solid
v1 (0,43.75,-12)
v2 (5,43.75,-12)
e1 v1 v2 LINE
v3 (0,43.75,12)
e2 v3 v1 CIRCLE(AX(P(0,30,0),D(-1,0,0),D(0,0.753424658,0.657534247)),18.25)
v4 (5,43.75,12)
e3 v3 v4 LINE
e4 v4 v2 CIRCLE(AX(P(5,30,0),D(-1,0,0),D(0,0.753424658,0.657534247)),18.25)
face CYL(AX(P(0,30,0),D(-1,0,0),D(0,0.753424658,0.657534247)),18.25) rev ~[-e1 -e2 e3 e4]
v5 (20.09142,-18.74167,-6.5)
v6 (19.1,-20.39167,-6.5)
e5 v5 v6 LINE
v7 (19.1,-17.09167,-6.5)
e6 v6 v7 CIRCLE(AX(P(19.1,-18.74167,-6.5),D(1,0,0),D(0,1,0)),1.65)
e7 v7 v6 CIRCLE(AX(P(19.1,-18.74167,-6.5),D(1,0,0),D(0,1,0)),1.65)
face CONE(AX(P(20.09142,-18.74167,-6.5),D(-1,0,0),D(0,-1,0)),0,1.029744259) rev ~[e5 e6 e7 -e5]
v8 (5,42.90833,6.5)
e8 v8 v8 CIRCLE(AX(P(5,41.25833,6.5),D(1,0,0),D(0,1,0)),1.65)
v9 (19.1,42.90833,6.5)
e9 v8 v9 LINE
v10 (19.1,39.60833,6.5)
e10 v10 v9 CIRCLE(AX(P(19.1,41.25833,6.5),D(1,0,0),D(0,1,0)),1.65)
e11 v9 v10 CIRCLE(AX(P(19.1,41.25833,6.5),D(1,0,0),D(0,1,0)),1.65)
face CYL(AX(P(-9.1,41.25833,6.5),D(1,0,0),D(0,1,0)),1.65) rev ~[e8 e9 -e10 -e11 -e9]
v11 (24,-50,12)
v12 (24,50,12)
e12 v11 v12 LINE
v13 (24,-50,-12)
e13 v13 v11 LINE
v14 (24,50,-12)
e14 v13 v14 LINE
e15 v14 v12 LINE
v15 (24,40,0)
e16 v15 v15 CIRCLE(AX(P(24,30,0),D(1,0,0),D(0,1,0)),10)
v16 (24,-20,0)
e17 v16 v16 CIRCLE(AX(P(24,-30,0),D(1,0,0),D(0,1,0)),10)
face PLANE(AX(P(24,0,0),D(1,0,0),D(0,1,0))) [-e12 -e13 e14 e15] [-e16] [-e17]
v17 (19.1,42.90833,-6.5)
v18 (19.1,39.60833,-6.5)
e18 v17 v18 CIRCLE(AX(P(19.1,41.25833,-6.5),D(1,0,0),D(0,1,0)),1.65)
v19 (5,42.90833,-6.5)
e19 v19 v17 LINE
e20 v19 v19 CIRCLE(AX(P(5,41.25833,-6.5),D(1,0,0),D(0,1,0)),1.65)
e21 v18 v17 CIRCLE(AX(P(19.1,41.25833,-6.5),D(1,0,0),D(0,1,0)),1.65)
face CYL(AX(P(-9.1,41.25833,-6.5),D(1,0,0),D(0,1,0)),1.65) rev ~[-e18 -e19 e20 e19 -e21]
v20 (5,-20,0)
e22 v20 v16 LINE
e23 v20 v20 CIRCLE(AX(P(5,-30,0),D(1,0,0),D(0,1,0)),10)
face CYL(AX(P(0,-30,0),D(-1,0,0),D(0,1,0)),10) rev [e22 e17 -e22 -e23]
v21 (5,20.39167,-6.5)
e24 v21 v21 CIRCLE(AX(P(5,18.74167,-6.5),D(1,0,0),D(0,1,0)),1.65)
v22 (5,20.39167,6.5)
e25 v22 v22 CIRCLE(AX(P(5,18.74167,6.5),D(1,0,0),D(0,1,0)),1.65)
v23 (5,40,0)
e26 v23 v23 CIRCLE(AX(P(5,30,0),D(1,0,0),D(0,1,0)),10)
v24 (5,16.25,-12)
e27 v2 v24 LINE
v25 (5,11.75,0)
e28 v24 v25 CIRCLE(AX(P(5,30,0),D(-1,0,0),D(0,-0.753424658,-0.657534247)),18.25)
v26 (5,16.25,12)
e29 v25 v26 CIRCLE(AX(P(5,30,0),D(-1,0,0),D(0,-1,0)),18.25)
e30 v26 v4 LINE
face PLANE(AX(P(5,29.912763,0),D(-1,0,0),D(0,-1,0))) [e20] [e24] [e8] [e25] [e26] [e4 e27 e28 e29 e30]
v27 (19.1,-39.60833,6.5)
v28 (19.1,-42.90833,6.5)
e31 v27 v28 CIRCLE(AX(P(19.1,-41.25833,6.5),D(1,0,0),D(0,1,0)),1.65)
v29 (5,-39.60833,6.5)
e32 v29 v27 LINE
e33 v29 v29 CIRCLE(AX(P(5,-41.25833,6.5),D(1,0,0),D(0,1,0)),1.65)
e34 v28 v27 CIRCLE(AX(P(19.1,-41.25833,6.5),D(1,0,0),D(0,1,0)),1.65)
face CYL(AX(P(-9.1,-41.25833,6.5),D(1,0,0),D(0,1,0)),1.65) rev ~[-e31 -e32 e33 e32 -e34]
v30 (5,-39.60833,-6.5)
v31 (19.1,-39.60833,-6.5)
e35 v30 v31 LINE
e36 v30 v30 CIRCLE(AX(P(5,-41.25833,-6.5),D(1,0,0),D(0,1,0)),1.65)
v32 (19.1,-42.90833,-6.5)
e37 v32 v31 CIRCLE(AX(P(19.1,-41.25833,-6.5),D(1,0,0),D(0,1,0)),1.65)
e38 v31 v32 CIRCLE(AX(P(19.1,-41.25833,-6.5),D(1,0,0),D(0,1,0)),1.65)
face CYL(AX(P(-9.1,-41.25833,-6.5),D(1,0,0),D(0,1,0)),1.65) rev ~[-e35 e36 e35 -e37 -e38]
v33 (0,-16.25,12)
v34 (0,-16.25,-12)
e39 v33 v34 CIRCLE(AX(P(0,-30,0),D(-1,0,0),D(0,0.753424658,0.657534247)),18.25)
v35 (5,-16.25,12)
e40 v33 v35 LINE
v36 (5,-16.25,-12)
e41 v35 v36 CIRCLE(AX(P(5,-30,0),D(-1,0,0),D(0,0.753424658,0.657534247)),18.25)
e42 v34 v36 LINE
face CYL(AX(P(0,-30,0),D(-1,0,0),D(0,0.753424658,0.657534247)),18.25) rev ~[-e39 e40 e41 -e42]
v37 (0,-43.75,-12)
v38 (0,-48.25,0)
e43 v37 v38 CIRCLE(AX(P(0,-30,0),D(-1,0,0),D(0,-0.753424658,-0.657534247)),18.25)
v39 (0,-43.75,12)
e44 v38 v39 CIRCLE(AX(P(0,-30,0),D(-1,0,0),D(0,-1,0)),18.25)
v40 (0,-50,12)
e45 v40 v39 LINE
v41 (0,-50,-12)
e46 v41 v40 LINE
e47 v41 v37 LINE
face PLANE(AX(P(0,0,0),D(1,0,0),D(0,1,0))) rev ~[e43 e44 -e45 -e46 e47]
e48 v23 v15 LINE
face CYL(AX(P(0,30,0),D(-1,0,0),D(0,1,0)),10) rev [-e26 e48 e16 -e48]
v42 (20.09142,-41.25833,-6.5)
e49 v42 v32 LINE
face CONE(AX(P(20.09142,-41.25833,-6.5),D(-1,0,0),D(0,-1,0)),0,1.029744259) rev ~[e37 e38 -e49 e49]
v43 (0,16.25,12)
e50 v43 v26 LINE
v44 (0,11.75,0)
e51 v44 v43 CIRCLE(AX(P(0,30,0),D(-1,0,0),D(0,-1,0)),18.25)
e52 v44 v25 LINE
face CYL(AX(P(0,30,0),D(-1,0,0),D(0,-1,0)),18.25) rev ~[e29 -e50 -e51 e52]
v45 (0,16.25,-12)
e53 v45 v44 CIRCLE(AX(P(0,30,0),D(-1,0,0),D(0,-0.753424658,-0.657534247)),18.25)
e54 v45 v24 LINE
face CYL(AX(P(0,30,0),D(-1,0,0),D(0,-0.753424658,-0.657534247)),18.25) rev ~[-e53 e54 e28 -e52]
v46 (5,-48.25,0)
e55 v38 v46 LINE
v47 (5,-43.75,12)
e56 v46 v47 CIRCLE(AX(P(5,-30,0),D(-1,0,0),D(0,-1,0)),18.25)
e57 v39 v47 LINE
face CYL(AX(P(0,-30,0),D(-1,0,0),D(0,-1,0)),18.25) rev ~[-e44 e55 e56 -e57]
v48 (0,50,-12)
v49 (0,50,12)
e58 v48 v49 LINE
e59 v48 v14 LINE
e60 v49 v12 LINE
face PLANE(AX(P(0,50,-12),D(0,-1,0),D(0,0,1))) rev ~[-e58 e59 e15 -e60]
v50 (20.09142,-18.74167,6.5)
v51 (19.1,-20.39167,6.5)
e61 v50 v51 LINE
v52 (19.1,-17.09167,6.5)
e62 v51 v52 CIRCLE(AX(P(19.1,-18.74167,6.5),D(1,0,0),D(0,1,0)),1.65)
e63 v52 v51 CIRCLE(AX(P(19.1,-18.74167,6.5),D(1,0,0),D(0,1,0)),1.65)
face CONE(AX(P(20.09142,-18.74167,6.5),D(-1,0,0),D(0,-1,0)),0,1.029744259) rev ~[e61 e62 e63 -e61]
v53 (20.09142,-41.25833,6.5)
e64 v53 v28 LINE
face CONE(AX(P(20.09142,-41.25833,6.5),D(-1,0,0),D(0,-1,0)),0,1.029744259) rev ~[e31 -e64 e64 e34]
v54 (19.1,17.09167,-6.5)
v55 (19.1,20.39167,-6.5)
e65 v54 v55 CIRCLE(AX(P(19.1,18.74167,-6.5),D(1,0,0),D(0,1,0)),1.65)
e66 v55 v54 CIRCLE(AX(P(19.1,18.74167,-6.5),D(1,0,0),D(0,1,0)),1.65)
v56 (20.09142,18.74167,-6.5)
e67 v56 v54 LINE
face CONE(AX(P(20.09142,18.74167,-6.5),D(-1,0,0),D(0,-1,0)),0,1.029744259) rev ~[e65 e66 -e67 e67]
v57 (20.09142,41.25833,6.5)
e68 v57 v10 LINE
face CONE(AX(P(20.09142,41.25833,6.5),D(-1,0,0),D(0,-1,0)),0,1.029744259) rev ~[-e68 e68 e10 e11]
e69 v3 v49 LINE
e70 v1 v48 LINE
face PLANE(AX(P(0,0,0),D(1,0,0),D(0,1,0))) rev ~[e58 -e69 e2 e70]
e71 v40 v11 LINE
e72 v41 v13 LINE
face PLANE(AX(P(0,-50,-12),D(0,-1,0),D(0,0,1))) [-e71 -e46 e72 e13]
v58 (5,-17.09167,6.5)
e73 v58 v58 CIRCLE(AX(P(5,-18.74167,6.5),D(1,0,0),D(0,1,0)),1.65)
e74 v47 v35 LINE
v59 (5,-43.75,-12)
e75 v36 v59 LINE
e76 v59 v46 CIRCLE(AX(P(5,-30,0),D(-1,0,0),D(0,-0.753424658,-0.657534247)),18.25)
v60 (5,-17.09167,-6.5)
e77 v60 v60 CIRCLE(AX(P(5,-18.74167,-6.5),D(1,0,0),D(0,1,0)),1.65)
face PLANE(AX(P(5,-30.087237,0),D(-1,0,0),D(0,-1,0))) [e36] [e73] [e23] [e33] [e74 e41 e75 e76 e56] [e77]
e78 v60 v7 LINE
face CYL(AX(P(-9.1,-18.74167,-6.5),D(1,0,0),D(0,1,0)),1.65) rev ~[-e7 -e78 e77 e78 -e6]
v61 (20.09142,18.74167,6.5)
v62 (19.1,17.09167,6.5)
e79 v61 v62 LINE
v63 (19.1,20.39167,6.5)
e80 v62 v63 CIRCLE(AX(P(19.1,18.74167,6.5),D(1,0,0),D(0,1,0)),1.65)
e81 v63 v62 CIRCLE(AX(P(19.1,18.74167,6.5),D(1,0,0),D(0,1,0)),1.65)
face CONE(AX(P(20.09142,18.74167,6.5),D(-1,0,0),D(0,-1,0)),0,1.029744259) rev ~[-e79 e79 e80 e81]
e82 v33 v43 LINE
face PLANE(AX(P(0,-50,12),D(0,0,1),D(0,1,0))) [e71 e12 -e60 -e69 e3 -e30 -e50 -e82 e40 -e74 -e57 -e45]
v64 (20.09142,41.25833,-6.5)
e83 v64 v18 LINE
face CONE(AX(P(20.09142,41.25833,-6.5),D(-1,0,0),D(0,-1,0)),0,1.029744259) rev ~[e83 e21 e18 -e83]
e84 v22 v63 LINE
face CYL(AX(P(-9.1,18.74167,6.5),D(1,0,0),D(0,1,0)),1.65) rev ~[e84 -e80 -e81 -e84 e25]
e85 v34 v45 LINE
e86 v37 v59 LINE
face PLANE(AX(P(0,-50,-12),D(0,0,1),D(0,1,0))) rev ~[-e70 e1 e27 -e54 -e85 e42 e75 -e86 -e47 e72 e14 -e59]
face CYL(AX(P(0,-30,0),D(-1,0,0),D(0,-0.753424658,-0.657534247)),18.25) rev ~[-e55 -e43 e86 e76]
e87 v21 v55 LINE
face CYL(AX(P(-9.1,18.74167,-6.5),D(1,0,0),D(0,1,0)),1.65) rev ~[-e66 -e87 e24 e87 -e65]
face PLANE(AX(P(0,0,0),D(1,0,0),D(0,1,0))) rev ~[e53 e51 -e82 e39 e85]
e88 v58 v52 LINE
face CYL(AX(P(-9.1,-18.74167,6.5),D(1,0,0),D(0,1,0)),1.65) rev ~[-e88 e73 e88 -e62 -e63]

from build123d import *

# Parameters (mm, degrees)
F0_W     = 100
F0_H     = 24
F0_R     = 10
F1_DEPTH = 24
F2_R     = 10
F3_DEPTH = 5
F5_D     = 3.3
F5_DEPTH = 14.1
F5_TIP   = 0.9914200214


with BuildPart() as f1:
    # F0 (on Right) → F1 (new body)
    with BuildSketch(Plane.YZ):
        Rectangle(F0_W, F0_H)
        with Locations((-30, 0)):
            Circle(F0_R, mode=Mode.SUBTRACT)
        with Locations((30, 0)):
            Circle(F0_R, mode=Mode.SUBTRACT)
    extrude(amount=F1_DEPTH)

    # F2 (on face) → F3 (cut)
    with BuildSketch(Plane(origin=(0, 0, 0), x_dir=(0, -1, 0), z_dir=(-1, 0, 0))):
        with BuildLine():
            ThreePointArc((-16.25, -12), (-12.9119925094, -6.408002809), (-11.75, 0))
            ThreePointArc((-11.75, 0), (-12.9119925094, 6.408002809), (-16.25, 12))
            Line((-16.25, 12), (-43.75, 12))
            ThreePointArc((-43.75, 12), (-48.25, 0), (-43.75, -12))
            Line((-43.75, -12), (-16.25, -12))
        make_face()
        with Locations((-30, 0)):
            Circle(F2_R, mode=Mode.SUBTRACT)
        with BuildLine():
            Line((43.75, 12), (16.25, 12))
            ThreePointArc((16.25, 12), (11.75, 0), (16.25, -12))
            Line((16.25, -12), (43.75, -12))
            ThreePointArc((43.75, -12), (47.0880074906, -6.408002809), (48.25, 0))
            ThreePointArc((48.25, 0), (47.0880074906, 6.408002809), (43.75, 12))
        make_face()
        with Locations((30, 0)):
            Circle(F2_R, mode=Mode.SUBTRACT)
    extrude(amount=-F3_DEPTH, mode=Mode.SUBTRACT)

    # F5
    with Locations(Plane(origin=(5, 0, 0), x_dir=(0, -1, 0), z_dir=(-1, 0, 0))):
        with Locations((-41.2583302492, 6.5), (-41.2583302492, -6.5), (-18.7416697508, 6.5), (-18.7416697508, -6.5), (18.7416697508, 6.5), (18.7416697508, -6.5), (41.2583302492, 6.5), (41.2583302492, -6.5)):
            Hole(F5_D / 2, depth=F5_DEPTH)
            with Locations((0, 0, -(F5_DEPTH + F5_TIP / 2))):  # 118° drill point
                Cone(0, F5_D / 2, F5_TIP, mode=Mode.SUBTRACT)


solid = f1.part
